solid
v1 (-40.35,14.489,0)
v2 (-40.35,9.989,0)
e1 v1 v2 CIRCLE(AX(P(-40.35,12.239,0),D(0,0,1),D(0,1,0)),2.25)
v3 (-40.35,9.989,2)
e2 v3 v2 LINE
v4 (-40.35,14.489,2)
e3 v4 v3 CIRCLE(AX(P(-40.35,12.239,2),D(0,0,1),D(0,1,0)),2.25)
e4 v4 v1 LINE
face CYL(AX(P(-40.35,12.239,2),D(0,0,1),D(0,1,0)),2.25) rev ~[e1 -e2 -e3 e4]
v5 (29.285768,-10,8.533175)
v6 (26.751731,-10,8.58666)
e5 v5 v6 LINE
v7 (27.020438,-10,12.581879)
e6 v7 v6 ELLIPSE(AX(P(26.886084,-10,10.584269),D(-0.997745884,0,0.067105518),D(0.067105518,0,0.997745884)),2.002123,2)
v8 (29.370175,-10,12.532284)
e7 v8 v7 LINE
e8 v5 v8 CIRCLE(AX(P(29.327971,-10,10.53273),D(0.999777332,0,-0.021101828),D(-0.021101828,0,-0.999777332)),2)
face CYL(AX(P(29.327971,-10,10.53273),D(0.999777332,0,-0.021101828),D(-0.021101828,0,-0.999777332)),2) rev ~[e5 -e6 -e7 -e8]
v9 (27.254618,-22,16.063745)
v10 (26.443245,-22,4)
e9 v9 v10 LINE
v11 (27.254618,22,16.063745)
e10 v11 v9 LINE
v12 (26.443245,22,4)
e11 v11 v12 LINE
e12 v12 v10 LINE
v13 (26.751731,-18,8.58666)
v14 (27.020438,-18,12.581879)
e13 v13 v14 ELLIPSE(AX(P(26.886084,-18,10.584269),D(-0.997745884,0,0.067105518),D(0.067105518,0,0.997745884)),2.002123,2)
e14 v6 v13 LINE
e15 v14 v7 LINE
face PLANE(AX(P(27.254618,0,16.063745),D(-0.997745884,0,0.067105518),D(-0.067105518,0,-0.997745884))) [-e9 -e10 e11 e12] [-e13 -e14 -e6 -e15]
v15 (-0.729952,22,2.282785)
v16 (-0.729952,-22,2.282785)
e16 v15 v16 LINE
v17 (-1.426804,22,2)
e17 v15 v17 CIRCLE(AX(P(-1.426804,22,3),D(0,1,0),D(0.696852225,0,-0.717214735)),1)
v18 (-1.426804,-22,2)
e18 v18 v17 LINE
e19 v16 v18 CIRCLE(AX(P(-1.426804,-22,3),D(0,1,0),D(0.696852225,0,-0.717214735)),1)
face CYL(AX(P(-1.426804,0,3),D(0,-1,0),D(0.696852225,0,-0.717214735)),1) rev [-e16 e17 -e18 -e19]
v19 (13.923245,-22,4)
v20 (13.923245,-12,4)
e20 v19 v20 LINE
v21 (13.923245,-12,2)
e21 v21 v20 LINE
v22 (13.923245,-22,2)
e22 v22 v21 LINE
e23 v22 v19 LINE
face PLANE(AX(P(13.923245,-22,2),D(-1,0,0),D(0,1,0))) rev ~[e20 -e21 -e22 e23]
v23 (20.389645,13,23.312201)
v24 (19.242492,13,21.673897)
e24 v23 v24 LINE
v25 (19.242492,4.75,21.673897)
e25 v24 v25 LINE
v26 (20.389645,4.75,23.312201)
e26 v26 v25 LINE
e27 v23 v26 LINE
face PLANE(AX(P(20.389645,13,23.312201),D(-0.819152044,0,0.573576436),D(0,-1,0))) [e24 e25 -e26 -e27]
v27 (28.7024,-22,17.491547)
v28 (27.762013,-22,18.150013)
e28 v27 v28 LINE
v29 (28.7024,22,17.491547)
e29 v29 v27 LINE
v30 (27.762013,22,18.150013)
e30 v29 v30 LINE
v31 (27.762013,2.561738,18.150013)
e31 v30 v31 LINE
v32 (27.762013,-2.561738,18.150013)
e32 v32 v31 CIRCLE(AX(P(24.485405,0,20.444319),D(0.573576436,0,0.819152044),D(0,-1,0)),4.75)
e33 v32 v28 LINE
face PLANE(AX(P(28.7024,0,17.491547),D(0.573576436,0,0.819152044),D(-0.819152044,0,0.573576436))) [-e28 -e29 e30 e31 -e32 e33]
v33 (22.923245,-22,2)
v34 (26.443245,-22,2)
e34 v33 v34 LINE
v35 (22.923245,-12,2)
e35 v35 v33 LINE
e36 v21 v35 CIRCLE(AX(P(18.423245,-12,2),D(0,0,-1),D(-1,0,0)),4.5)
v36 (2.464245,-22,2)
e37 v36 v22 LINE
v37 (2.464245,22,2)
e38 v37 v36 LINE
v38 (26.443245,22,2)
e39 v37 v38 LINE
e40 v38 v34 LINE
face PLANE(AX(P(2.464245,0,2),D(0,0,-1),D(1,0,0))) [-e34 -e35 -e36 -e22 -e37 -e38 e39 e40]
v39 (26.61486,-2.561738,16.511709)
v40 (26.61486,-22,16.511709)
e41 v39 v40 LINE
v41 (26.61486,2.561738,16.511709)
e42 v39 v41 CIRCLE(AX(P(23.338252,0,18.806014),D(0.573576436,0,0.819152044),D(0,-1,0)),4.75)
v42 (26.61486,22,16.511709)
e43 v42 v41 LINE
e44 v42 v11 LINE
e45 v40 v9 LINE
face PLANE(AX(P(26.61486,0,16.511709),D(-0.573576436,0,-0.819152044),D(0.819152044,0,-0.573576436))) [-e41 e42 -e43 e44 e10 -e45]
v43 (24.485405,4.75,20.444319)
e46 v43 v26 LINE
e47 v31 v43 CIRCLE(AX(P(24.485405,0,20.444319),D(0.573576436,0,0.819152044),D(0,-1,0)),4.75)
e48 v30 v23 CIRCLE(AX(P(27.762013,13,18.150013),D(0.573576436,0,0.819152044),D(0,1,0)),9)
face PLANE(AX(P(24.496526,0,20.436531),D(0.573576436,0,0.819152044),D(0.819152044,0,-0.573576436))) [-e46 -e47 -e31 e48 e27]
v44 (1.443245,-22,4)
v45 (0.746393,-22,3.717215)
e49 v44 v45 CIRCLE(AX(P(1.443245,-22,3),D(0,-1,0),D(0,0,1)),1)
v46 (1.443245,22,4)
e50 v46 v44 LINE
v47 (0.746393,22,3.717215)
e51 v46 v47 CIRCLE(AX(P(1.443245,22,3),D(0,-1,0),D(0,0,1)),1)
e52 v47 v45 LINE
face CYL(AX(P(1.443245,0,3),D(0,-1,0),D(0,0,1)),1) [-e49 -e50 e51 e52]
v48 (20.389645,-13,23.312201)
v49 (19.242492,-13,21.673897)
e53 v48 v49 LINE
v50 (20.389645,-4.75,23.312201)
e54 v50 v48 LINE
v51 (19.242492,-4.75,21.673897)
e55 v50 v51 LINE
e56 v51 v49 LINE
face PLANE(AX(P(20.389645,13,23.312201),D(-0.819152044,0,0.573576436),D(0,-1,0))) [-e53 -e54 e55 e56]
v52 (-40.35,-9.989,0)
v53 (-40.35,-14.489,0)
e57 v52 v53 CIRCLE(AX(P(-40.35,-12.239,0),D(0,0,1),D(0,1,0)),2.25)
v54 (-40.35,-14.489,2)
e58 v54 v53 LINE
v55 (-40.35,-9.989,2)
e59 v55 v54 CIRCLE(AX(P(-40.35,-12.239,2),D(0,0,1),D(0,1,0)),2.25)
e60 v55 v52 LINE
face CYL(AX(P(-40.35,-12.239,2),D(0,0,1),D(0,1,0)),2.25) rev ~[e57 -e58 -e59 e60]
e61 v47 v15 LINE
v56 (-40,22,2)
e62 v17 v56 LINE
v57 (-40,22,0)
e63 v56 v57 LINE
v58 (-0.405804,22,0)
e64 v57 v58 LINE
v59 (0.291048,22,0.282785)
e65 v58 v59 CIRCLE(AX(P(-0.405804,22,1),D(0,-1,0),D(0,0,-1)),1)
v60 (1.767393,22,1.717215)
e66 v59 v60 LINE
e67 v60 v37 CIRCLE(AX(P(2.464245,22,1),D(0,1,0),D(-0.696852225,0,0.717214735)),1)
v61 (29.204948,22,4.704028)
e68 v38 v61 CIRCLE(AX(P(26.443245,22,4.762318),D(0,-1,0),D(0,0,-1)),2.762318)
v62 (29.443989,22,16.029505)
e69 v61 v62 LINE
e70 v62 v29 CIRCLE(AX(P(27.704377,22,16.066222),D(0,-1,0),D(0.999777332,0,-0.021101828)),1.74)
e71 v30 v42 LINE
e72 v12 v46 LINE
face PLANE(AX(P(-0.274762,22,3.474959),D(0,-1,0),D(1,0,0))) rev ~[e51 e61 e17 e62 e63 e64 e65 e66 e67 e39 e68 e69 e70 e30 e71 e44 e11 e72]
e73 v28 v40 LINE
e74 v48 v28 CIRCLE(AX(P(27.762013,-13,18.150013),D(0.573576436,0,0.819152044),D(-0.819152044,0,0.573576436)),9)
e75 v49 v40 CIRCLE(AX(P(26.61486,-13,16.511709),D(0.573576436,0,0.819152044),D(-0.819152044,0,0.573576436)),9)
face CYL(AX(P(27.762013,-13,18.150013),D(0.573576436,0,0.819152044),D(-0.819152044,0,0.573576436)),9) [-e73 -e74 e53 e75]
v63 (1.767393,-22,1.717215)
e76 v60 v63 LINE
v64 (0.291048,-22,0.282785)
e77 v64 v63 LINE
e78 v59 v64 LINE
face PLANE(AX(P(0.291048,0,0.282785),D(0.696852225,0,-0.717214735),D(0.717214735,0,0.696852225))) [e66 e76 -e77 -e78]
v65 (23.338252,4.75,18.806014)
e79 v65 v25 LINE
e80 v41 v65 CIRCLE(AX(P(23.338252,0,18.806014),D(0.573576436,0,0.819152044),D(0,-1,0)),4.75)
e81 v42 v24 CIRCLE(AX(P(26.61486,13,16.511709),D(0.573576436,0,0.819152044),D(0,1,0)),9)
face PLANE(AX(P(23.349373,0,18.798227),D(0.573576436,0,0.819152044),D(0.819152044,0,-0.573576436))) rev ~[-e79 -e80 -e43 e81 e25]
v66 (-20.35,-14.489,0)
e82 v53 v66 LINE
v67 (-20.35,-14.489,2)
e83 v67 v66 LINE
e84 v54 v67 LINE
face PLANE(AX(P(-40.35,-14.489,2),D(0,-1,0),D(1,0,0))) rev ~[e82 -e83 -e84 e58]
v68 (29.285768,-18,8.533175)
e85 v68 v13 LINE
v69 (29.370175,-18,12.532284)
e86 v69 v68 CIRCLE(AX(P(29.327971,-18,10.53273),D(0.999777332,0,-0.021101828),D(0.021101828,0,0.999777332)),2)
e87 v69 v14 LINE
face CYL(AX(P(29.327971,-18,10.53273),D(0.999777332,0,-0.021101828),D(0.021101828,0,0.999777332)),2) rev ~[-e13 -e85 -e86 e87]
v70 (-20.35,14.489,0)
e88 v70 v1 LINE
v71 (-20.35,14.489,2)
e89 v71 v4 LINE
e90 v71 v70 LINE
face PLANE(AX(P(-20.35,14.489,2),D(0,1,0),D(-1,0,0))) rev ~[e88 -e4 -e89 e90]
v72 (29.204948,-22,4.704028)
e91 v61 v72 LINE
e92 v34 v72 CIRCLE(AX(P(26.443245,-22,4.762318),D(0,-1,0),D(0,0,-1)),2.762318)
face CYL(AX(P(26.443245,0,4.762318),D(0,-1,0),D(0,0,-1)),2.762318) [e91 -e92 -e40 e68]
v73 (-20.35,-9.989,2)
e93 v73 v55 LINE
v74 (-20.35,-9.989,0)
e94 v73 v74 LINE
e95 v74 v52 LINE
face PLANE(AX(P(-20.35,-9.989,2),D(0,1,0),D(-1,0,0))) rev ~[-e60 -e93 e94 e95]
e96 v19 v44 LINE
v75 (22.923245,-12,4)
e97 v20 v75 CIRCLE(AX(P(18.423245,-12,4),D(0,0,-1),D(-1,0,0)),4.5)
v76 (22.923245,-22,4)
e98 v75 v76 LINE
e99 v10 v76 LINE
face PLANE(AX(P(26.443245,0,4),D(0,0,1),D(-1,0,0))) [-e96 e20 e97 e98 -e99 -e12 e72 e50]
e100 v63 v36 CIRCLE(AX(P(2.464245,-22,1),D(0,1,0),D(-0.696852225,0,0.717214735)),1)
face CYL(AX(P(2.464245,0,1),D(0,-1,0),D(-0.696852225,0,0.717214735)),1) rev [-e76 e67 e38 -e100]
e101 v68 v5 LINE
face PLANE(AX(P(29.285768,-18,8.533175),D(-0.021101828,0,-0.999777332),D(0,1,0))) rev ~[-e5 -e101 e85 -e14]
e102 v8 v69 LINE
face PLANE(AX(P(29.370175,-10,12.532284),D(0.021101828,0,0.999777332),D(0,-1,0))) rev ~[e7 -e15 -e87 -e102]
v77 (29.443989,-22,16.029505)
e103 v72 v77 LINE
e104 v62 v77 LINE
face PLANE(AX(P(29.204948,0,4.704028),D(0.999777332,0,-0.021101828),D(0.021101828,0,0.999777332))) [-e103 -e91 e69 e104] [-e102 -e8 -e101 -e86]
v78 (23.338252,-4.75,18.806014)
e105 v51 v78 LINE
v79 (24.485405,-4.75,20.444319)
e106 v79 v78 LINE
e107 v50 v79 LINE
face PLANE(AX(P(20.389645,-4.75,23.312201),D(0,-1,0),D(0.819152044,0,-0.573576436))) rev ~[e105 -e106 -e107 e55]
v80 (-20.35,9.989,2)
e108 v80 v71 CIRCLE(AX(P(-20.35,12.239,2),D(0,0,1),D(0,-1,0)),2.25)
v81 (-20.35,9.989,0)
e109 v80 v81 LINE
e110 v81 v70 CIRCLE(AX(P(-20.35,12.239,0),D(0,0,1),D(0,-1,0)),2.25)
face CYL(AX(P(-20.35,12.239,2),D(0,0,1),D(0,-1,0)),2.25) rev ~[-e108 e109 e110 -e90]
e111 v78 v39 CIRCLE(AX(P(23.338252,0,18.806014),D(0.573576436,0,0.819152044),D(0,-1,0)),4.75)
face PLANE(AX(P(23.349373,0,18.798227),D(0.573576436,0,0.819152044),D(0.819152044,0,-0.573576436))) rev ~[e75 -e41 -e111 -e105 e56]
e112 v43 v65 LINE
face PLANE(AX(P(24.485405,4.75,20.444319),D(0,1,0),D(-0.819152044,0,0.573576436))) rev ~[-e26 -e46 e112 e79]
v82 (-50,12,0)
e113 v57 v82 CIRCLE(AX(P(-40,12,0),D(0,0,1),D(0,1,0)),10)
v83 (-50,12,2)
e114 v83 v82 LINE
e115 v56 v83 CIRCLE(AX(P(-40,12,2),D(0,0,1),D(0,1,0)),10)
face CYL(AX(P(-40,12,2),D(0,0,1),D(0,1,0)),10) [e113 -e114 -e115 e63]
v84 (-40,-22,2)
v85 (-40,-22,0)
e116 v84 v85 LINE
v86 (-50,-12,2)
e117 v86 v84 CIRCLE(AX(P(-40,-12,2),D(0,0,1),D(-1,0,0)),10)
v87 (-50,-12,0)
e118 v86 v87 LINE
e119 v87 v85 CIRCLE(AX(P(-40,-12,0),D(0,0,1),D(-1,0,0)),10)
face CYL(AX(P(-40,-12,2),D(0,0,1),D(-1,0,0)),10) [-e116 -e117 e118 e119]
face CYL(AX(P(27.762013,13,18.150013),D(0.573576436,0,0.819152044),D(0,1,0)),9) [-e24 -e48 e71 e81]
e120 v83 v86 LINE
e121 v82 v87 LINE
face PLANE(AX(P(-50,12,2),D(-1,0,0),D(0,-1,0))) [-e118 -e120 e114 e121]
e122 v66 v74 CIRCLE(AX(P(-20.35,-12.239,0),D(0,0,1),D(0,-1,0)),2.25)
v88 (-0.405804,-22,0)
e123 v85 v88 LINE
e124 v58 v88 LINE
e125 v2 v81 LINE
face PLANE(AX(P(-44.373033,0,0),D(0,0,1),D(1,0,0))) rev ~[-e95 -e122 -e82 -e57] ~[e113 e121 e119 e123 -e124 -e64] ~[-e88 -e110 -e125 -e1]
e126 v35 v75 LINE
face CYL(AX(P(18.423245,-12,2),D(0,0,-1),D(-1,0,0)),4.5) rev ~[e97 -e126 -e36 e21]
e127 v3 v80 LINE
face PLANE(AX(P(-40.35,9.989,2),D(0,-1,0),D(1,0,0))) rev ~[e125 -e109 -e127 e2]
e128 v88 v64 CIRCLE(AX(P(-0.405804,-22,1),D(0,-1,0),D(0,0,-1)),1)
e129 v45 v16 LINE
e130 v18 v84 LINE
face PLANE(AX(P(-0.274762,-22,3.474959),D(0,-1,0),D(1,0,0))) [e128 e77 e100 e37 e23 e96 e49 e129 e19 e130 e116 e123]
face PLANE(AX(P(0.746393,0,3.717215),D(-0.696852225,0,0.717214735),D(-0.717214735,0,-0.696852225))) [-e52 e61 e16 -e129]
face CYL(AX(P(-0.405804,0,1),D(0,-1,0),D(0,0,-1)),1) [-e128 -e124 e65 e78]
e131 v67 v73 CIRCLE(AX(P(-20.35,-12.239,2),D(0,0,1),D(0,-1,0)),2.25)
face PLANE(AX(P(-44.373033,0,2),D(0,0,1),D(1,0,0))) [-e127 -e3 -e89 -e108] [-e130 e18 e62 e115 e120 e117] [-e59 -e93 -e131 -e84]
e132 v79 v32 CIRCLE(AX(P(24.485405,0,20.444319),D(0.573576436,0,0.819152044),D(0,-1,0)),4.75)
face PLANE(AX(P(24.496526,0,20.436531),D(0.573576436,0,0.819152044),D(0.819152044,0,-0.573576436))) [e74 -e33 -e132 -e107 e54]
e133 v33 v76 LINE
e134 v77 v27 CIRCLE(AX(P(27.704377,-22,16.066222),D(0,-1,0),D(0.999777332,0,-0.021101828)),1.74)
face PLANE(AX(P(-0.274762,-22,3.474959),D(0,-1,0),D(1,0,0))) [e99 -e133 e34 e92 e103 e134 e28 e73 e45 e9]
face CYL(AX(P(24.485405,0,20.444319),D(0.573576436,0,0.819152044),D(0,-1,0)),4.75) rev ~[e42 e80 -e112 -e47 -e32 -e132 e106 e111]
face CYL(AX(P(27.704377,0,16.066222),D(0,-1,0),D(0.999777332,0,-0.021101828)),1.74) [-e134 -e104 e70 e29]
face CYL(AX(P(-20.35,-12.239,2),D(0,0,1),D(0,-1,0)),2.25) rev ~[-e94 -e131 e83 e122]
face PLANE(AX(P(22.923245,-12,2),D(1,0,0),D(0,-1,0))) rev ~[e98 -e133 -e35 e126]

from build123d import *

# Parameters (mm, degrees)
F1_DEPTH  = 22
F3_DEPTH  = 2
F5_DEPTH  = 2
F7_DEPTH  = 3.5346013901
F9_DEPTH  = 2
F11_DEPTH = 2
F13_DEPTH = 2


with BuildPart() as f1:
    # F0 (on Front) → F1 (new body, symmetric)
    with BuildSketch(Plane.XZ):
        with BuildLine():
            Line((-40, 0), (-0.4058037769, 0))
            ThreePointArc((-0.4058037769, 0), (-0.0297816599, 0.0733893118), (0.2910484483, 0.2827852649))
            Line((0.2910484483, 0.2827852649), (1.7673929517, 1.7172147351))
            ThreePointArc((1.7673929517, 1.7172147351), (2.0882230599, 1.9266106882), (2.4642451769, 2))
            Line((2.4642451769, 2), (26.4432451769, 2))
            ThreePointArc((26.4432451769, 2), (28.3757802079, 2.7885630779), (29.2049477192, 4.7040276722))
            Line((29.2049477192, 4.7040276722), (29.4439892244, 16.0295052851))
            ThreePointArc((29.4439892244, 16.0295052851), (29.2561671236, 16.853335151), (28.7023996666, 17.4915470225))
            Line((28.7023996666, 17.4915470225), (27.7620131197, 18.1500127714))
            Line((27.7620131197, 18.1500127714), (26.614860247, 16.5117086828))
            Line((26.614860247, 16.5117086828), (27.2546179936, 16.0637454861))
            Line((27.2546179936, 16.0637454861), (26.4432451769, 4))
            Line((26.4432451769, 4), (1.4432451769, 4))
            ThreePointArc((1.4432451769, 4), (1.0672230599, 3.9266106882), (0.7463929517, 3.7172147351))
            Line((0.7463929517, 3.7172147351), (-0.7299515517, 2.2827852649))
            ThreePointArc((-0.7299515517, 2.2827852649), (-1.0507816599, 2.0733893118), (-1.4268037769, 2))
            Line((-1.4268037769, 2), (-40, 2))
            Line((-40, 2), (-40, 0))
        make_face()
    extrude(amount=F1_DEPTH, both=True)

    # F2 (on face) → F3 (join)
    with BuildSketch(Plane.XY.offset(2)):
        with BuildLine():
            Line((-50, 12), (-50, -12))
            ThreePointArc((-50, -12), (-47.0710678119, -19.0710678119), (-40, -22))
            Line((-40, -22), (-40, 22))
            ThreePointArc((-40, 22), (-47.0710678119, 19.0710678119), (-50, 12))
        make_face()
    extrude(amount=-F3_DEPTH)

    # F4 (on face) → F5 (cut, through all)
    with BuildSketch(Plane.XY.offset(2)):
        with BuildLine():
            ThreePointArc((-40.35, 14.489), (-42.6, 12.239), (-40.35, 9.989))
            Line((-40.35, 9.989), (-20.35, 9.989))
            ThreePointArc((-20.35, 9.989), (-18.1, 12.239), (-20.35, 14.489))
            Line((-20.35, 14.489), (-40.35, 14.489))
        make_face()
        with BuildLine():
            Line((-20.35, -9.989), (-40.35, -9.989))
            ThreePointArc((-40.35, -9.989), (-42.6, -12.239), (-40.35, -14.489))
            Line((-40.35, -14.489), (-20.35, -14.489))
            ThreePointArc((-20.35, -14.489), (-18.1, -12.239), (-20.35, -9.989))
        make_face()
    extrude(amount=-F5_DEPTH, mode=Mode.SUBTRACT)

    # F6 (on face) → F7 (cut, up to face)
    with BuildSketch(Plane(origin=(29.0927016527, 0, -0.6140459087), x_dir=(0, 1, 0), z_dir=(0.9997773316, 0, -0.0211018278))):
        with BuildLine():
            Line((-10, 13.1492580114), (-18, 13.1492580114))
            ThreePointArc((-18, 13.1492580114), (-20, 11.1492580114), (-18, 9.1492580114))
            Line((-18, 9.1492580114), (-10, 9.1492580114))
            ThreePointArc((-10, 9.1492580114), (-8, 11.1492580114), (-10, 13.1492580114))
        make_face()
    extrude(amount=-F7_DEPTH, mode=Mode.SUBTRACT)

    # F8 (on face) → F9 (join, through all)
    with BuildSketch(Plane(origin=(17.661139241, 0, 25.2227208038), x_dir=(0.8191520443, 0, -0.5735764364), z_dir=(0.5735764364, 0, 0.8191520443))):
        with BuildLine():
            Line((3.3308901554, 13), (3.3308901554, -13))
            ThreePointArc((3.3308901554, -13), (5.9669291247, -19.3639610307), (12.3308901554, -22))
            Line((12.3308901554, -22), (12.3308901554, 22))
            ThreePointArc((12.3308901554, 22), (5.9669291247, 19.3639610307), (3.3308901554, 13))
        make_face()
    extrude(amount=-F9_DEPTH)

    # F10 (on face) → F11 (cut, through all)
    with BuildSketch(Plane(origin=(17.661139241, 0, 25.2227208038), x_dir=(0.8191520443, 0, -0.5735764364), z_dir=(0.5735764364, 0, 0.8191520443))):
        with BuildLine():
            Line((3.3308901554, 4.75), (3.3308901554, -4.75))
            Line((3.3308901554, -4.75), (8.3308901554, -4.75))
            ThreePointArc((8.3308901554, -4.75), (13.0808901554, 0), (8.3308901554, 4.75))
            Line((8.3308901554, 4.75), (3.3308901554, 4.75))
        make_face()
    extrude(amount=-F11_DEPTH, mode=Mode.SUBTRACT)

    # F12 (on face) → F13 (cut, through all)
    with BuildSketch(Plane(origin=(0, 0, 2), x_dir=(1, 0, 0), z_dir=(0, 0, -1))):
        with BuildLine():
            Line((22.9232451769, 12), (22.9232451769, 22))
            Line((22.9232451769, 22), (13.9232451769, 22))
            Line((13.9232451769, 22), (13.9232451769, 12))
            ThreePointArc((13.9232451769, 12), (18.4232451769, 7.5), (22.9232451769, 12))
        make_face()
    extrude(amount=-F13_DEPTH, mode=Mode.SUBTRACT)


solid = f1.part
